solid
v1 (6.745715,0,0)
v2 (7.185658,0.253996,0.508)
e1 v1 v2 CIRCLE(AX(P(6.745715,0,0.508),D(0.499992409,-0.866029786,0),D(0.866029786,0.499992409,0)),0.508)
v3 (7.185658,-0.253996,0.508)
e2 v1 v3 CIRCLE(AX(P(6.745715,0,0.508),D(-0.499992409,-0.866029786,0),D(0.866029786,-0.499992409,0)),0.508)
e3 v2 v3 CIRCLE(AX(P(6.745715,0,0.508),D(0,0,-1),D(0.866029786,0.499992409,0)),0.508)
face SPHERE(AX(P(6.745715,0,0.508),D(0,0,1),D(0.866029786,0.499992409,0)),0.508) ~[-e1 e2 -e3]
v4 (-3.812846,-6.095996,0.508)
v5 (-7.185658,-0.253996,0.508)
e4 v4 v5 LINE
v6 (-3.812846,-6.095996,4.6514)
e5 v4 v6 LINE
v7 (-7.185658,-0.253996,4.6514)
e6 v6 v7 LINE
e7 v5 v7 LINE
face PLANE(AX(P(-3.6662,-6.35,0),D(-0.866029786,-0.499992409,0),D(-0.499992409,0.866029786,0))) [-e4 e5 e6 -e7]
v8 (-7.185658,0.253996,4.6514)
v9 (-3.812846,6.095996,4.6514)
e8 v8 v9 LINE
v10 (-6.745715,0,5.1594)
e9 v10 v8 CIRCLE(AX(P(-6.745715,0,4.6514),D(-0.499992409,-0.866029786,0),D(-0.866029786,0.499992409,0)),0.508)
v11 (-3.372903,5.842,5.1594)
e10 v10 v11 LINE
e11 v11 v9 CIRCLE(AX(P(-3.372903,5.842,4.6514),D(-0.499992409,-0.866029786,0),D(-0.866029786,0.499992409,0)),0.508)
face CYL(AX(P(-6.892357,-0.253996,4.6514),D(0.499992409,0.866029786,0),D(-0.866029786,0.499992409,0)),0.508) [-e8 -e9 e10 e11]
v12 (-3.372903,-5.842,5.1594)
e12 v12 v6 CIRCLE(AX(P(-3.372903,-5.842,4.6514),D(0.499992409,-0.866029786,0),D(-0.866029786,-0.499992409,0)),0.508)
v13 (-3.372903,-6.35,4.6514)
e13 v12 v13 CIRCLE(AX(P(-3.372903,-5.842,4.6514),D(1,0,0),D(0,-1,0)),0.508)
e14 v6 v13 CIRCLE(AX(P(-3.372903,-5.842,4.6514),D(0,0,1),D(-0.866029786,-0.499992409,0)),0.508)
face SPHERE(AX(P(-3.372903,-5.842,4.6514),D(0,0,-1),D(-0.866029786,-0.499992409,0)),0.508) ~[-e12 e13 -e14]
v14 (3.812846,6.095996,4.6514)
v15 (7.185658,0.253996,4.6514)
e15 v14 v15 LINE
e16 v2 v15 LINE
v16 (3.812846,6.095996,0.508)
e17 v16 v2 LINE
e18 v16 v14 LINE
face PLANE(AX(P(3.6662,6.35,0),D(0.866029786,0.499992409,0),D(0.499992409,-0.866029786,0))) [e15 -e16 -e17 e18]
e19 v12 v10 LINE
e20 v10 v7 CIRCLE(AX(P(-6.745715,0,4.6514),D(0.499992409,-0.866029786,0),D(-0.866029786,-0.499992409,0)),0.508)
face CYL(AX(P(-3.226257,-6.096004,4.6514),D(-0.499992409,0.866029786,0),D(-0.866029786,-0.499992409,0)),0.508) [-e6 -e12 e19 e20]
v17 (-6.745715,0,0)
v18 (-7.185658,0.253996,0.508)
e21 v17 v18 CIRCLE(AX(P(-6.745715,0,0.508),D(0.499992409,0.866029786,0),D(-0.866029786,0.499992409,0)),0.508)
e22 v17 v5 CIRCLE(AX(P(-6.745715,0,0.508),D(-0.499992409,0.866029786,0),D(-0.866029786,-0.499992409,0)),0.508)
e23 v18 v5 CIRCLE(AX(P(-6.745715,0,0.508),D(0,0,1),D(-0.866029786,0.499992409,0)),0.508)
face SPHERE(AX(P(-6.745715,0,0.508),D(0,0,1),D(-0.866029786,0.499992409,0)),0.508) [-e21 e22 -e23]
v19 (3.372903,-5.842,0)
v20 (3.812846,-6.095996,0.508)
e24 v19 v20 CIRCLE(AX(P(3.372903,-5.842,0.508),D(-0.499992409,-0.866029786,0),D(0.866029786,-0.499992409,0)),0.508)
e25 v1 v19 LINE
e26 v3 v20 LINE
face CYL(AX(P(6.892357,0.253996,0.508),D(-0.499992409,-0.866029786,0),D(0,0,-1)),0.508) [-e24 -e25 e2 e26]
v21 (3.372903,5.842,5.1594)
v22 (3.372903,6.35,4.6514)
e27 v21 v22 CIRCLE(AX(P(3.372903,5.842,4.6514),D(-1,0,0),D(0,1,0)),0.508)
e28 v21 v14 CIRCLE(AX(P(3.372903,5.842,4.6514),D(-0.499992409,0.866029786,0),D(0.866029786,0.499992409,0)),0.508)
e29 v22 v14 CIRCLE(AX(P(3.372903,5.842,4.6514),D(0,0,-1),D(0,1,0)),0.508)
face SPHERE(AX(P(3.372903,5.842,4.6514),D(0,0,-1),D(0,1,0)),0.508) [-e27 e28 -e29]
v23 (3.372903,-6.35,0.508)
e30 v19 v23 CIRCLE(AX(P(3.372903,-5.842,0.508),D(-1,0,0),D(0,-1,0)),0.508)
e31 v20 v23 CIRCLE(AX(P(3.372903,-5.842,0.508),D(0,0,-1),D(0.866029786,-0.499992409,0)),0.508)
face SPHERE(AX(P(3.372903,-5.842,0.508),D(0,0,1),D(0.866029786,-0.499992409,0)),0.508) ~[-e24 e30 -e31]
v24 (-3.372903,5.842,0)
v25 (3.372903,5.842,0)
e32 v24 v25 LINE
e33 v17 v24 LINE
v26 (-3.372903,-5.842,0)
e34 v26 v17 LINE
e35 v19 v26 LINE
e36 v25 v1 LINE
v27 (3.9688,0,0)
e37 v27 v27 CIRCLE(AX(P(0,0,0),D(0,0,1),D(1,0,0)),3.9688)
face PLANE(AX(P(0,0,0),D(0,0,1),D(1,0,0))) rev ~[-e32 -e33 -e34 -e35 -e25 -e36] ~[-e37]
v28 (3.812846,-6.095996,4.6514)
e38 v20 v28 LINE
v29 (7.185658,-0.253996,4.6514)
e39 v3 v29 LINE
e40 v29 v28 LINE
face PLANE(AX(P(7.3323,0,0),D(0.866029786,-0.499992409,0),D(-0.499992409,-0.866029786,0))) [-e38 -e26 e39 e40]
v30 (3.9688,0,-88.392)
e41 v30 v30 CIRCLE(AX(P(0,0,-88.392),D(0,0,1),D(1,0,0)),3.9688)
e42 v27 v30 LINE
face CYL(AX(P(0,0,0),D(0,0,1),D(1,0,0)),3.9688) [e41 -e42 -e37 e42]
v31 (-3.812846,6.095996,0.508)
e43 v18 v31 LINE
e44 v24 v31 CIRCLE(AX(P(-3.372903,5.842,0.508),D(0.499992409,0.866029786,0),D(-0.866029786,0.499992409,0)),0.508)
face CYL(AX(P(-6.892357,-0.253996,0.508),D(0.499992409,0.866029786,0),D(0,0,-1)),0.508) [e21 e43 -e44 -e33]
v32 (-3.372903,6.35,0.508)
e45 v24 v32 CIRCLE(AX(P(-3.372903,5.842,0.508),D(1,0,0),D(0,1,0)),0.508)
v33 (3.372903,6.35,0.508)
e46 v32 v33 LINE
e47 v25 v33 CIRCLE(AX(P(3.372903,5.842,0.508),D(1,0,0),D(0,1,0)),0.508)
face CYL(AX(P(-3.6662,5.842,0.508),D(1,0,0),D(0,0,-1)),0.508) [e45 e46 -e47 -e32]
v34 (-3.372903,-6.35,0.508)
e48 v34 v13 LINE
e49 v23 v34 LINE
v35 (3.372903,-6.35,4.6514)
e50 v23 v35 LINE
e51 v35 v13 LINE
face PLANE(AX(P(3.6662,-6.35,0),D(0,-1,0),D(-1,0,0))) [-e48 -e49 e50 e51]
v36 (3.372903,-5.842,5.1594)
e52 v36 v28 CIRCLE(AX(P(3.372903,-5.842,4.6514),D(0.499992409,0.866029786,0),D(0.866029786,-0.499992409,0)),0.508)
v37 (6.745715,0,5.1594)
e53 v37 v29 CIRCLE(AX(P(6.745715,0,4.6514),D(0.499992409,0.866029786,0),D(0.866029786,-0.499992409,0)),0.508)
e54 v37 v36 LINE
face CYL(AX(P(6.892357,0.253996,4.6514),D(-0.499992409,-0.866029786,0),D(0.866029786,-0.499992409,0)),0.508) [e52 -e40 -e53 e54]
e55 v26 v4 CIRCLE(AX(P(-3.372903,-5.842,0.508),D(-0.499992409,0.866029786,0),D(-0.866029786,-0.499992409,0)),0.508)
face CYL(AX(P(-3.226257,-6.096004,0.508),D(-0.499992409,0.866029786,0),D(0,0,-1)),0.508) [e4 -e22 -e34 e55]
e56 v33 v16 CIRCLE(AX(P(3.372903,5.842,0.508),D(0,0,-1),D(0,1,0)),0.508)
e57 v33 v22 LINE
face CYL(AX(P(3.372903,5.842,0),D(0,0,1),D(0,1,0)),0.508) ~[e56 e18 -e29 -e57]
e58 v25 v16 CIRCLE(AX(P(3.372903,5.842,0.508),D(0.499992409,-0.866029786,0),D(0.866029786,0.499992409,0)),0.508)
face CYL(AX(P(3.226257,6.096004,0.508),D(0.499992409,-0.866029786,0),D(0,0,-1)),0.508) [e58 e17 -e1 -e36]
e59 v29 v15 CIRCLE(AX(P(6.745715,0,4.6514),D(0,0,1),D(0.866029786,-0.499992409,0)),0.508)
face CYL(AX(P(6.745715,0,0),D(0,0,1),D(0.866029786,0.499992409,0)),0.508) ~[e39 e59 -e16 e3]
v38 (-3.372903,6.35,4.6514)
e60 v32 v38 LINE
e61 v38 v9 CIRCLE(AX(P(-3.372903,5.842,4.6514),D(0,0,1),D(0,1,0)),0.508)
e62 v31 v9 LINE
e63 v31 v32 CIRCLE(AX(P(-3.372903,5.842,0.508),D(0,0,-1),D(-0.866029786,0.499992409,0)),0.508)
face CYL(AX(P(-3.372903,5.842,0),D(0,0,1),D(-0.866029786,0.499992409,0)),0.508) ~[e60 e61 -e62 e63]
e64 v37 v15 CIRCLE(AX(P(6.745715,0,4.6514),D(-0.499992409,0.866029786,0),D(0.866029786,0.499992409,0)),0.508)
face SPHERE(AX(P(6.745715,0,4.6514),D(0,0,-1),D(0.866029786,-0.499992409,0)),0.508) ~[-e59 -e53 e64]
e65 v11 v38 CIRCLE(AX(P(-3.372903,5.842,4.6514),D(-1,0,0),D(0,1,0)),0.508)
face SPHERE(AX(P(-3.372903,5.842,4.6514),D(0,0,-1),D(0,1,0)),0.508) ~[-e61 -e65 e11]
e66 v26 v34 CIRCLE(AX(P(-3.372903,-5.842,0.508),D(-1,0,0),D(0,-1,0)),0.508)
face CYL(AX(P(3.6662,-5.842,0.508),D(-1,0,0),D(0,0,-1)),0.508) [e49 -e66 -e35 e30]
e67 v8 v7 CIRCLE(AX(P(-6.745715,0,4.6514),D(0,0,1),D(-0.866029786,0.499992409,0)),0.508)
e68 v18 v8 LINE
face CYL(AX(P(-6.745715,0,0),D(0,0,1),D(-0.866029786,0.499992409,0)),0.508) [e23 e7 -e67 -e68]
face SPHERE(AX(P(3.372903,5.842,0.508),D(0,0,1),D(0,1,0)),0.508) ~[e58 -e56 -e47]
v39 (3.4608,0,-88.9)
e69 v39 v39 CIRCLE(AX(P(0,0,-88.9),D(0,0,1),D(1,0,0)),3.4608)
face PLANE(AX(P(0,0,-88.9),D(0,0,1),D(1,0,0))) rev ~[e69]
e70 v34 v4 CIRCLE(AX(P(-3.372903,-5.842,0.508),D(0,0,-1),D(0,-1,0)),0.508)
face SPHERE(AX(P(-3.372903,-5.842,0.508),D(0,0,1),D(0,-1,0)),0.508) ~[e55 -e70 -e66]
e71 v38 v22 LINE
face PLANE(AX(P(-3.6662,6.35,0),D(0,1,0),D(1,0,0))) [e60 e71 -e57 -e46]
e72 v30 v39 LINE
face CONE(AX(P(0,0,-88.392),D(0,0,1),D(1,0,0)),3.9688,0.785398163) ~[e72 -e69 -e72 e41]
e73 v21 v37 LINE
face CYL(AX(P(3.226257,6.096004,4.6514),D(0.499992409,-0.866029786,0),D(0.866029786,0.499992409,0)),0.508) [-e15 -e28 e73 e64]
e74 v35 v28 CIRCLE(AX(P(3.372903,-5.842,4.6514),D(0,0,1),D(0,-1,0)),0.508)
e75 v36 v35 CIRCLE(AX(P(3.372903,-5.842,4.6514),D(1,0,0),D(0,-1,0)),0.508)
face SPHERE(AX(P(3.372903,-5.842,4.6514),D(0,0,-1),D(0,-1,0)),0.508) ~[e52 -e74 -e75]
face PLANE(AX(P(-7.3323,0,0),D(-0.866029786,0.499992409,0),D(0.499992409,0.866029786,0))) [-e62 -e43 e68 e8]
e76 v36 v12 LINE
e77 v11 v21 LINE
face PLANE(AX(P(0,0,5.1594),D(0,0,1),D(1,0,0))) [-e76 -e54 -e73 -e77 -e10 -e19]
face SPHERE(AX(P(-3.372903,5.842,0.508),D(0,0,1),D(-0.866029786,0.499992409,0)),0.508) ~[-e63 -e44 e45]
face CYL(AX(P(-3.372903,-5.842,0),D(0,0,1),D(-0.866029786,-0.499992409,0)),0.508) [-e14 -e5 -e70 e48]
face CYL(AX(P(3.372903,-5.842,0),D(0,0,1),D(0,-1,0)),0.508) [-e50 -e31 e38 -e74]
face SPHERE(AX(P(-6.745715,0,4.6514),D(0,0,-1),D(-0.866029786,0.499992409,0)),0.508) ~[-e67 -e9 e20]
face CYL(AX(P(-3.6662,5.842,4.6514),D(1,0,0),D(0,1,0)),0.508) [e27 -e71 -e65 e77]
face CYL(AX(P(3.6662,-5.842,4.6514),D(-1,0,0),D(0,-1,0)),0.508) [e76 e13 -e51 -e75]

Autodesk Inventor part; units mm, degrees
ref_plane "YZ Plane" through (0, 0, 0) normal (1, 0, 0) x (0, 1, 0)
ref_plane "XZ Plane" through (0, 0, 0) normal (0, 1, 0) x (-1, 0, 0)
ref_plane "XY Plane" through (0, 0, 0) normal (0, 0, 1) x (1, 0, 0)
sketch "Sketch1" plane through (0, 0, 0) normal (0, 0, 1) x (1, 0, 0)
  circle A0 centre (0, 0) radius 3.9688
  dimension "d0" = 7.9375
extrude "Extrusion1" add sketch "Sketch1" against normal blind 88.9
sketch "Sketch2" plane through (0, 0, 0) normal (0, 0, 1) x (1, 0, 0)
  circle A0 centre (0, 0) radius 3.9687 projected
  line L0 (-7.3323, 0) -> (-3.6662, 6.35)
  line L1 (-3.6662, 6.35) -> (3.6662, 6.35)
  line L2 (3.6662, 6.35) -> (7.3323, 0)
  line L3 (7.3323, 0) -> (3.6662, -6.35)
  line L4 (3.6662, -6.35) -> (-3.6662, -6.35)
  line L5 (-3.6662, -6.35) -> (-7.3323, 0)
  dimension "d3" = 12.7
extrude "Extrusion2" add sketch "Sketch2" along normal blind 5.1594 contours A0 | L0 L1 L2 L3 L4 L5
thread "Thread1" size "5/16-18 UNC" class "2A" standard "ANSI Unified Screw Threads" length 25.4
chamfer "Chamfer1" distance 0.508 angle 45 1 edges at (-3.9688, 0, -88.9)
fillet "Fillet1" radius 0.508 18 edges at (0, 6.35, 5.1594) (-5.4993, 3.175, 5.1594) (-5.4993, -3.175, 5.1594) (0, -6.35, 5.1594) (5.4993, -3.175, 5.1594) (5.4993, 3.175, 5.1594) (-5.4993, 3.175, 0) (0, 6.35, 0) (5.4993, 3.175, 0) (5.4993, -3.175, 0) (0, -6.35, 0) (-5.4993, -3.175, 0) (7.3323, 0, 2.5797) (3.6662, -6.35, 2.5797) (3.6662, 6.35, 2.5797) (-3.6662, -6.35, 2.5797) (-7.3323, 0, 2.5797) (-3.6662, 6.35, 2.5797)
properties part number "375 bolt x4" material "Steel"
